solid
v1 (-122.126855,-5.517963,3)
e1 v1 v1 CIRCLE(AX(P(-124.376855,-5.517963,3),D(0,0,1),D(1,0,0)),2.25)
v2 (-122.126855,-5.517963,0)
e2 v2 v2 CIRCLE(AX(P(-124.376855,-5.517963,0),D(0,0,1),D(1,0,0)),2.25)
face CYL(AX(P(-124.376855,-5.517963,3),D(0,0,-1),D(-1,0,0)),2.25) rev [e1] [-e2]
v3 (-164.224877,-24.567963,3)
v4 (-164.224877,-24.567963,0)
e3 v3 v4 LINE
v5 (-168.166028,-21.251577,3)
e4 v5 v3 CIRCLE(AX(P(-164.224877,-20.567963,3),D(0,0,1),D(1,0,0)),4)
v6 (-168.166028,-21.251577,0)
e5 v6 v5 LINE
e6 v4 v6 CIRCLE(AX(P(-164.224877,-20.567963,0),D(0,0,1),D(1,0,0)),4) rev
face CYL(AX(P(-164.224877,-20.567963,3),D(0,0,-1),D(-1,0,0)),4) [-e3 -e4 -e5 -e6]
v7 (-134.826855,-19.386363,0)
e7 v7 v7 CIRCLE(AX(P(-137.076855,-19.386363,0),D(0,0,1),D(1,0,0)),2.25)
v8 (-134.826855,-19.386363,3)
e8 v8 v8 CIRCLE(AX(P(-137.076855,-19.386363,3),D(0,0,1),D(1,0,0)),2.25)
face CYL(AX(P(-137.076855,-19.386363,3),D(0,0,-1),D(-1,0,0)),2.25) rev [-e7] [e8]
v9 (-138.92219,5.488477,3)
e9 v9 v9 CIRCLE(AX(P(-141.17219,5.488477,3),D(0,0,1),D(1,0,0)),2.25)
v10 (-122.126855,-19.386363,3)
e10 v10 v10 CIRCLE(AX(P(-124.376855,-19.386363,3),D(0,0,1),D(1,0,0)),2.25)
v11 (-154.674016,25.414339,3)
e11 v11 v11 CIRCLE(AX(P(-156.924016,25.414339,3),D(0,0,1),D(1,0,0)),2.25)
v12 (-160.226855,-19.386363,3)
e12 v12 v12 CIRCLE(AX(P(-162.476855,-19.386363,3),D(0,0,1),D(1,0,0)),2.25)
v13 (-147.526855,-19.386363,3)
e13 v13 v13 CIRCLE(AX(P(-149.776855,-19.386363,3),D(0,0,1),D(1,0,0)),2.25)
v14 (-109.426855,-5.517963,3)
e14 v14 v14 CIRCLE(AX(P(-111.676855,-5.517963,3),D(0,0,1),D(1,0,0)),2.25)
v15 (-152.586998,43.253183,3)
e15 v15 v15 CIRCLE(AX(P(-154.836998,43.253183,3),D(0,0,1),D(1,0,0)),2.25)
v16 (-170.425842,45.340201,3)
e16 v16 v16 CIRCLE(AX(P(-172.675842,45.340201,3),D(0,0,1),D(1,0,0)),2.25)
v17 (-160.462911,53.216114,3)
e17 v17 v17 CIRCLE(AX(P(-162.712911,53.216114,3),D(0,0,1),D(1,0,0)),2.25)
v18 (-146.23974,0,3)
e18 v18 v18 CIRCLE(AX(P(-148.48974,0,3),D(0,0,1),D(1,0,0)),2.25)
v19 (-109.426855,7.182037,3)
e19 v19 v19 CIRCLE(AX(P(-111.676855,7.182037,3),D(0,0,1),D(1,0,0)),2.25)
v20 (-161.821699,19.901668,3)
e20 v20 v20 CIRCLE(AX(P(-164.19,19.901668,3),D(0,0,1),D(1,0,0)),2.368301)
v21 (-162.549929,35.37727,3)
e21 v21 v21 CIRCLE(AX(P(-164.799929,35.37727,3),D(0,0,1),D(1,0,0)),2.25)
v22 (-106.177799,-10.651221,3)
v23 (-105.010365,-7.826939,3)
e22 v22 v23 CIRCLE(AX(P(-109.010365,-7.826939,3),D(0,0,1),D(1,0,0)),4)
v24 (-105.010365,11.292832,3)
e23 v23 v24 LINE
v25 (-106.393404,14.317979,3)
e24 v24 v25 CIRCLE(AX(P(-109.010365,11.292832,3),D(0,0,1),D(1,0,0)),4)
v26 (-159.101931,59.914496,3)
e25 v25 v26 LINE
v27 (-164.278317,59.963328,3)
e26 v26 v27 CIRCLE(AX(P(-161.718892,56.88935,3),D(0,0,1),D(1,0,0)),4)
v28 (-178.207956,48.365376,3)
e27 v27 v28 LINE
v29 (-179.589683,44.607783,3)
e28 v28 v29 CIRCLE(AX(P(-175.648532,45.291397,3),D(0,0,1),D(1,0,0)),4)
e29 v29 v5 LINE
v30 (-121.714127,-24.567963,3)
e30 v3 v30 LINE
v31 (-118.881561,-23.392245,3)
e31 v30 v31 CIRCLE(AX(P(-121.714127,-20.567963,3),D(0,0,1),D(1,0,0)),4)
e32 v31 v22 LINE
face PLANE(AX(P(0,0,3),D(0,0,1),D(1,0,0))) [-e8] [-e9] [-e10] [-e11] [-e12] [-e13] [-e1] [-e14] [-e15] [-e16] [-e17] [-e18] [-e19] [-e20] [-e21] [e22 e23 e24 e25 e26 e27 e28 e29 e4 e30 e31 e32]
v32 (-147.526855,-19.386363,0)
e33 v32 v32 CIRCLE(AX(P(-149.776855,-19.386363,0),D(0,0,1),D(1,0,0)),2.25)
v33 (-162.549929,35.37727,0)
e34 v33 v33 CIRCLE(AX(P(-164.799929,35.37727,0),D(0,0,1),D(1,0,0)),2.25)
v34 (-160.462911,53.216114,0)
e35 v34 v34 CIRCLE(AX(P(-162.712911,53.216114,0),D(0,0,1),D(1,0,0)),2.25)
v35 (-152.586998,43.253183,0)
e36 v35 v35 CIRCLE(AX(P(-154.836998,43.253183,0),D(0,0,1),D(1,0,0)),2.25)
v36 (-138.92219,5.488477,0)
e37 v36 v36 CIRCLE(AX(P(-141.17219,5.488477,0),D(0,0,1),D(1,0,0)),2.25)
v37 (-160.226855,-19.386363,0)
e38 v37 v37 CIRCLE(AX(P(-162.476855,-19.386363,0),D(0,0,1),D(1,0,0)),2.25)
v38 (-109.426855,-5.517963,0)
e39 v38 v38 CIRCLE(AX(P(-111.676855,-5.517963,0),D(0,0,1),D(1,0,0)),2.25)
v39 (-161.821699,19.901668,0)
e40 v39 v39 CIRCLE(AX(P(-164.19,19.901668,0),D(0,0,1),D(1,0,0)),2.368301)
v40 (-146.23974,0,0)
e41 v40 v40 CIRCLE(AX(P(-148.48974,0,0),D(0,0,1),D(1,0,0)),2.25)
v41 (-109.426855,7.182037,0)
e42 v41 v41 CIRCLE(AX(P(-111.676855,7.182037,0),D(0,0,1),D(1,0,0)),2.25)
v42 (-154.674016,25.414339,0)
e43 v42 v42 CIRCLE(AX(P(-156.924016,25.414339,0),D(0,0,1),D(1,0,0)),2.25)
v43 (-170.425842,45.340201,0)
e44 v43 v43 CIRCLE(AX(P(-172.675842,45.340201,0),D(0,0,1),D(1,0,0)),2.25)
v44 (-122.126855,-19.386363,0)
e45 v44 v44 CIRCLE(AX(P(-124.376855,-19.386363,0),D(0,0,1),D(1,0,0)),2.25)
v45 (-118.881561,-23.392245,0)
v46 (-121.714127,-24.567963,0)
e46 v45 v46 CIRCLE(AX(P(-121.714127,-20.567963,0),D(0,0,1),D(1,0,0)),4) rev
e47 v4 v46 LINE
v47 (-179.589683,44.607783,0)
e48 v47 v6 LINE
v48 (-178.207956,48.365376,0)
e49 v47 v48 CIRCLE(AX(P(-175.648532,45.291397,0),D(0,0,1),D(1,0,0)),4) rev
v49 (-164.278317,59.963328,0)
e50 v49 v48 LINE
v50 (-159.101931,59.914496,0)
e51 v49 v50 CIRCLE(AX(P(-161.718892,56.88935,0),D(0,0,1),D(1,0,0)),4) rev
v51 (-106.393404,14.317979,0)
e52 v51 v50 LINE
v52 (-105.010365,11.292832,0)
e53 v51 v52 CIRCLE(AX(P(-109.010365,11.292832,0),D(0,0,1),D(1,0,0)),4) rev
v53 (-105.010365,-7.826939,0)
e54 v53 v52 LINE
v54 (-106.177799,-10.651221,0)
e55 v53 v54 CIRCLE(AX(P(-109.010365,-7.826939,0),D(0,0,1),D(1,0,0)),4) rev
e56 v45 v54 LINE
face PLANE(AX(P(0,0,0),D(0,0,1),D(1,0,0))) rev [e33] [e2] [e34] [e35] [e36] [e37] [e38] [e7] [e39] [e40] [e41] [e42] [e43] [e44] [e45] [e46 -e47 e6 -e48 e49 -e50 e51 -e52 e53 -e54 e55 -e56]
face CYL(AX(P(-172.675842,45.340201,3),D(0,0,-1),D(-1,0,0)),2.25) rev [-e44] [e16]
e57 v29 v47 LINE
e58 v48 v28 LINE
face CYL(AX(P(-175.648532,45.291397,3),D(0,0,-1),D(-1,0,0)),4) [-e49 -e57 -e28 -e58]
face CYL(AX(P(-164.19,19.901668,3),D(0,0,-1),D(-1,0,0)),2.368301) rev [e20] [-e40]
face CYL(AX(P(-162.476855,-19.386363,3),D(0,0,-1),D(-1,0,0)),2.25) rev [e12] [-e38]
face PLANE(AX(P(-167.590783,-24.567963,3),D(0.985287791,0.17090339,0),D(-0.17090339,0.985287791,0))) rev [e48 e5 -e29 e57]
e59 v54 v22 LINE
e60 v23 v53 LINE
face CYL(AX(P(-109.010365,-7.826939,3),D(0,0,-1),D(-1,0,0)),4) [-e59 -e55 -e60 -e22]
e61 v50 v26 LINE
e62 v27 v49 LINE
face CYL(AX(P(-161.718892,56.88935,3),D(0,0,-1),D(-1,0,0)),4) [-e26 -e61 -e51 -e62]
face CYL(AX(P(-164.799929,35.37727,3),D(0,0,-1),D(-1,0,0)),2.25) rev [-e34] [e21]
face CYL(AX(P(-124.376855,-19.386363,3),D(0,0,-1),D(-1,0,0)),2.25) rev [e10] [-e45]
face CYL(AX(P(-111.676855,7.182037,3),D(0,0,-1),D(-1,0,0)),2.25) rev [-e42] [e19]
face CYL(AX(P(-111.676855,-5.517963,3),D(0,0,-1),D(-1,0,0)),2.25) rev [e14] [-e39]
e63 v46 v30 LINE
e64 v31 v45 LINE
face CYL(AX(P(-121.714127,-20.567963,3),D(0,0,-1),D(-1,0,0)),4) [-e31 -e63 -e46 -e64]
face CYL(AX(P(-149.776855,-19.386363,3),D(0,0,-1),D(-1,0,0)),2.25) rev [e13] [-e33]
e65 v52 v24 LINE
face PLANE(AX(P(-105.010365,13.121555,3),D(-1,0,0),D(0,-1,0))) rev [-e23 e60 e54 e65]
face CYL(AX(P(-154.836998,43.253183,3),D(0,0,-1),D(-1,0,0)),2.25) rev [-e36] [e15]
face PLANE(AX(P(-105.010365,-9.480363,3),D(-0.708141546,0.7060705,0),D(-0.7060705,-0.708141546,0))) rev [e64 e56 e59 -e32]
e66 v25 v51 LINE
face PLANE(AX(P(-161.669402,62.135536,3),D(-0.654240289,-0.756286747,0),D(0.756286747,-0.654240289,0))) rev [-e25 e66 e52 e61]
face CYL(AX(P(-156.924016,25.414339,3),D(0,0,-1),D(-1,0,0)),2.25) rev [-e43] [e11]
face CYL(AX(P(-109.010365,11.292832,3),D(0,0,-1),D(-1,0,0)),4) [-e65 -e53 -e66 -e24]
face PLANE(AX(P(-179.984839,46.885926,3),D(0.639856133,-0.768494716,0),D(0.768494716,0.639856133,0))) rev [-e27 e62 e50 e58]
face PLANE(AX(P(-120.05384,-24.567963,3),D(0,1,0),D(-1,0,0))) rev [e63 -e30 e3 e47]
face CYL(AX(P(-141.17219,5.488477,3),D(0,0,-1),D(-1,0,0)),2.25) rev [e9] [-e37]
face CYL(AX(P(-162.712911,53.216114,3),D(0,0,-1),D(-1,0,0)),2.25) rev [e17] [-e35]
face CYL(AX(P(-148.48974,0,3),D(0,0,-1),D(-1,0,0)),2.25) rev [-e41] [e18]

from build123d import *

# Parameters (mm, degrees)
SKETCH_2_R      = 2.25
SKETCH_2_R_2    = 2.368301068
EXTRUDE_2_DEPTH = 3
FILLET_2_R      = 4


with BuildPart() as part:
    # 草图2 → 凸台-拉伸2 (new body)
    with BuildSketch(Plane.XY):
        Polygon((-167.590783161, -24.567963054), (-179.98483895, 46.885925983), (-161.669401762, 62.135536129), (-105.010365497, 13.121555122), (-105.010365497, -9.480363054), (-120.053839996, -24.567963054), align=None)
        with Locations((-154.836997815, 43.253183089)):
            Circle(SKETCH_2_R, mode=Mode.SUBTRACT)
        with Locations((-164.79992885, 35.377270114)):
            Circle(SKETCH_2_R, mode=Mode.SUBTRACT)
        with Locations((-162.712910791, 53.216114124)):
            Circle(SKETCH_2_R, mode=Mode.SUBTRACT)
        with Locations((-172.675841825, 45.340201148)):
            Circle(SKETCH_2_R, mode=Mode.SUBTRACT)
        with Locations((-111.676854941, 7.182036946)):
            Circle(SKETCH_2_R, mode=Mode.SUBTRACT)
        with Locations((-124.376854941, -5.517963054)):
            Circle(SKETCH_2_R, mode=Mode.SUBTRACT)
        with Locations((-124.376854941, -19.386363054)):
            Circle(SKETCH_2_R, mode=Mode.SUBTRACT)
        with Locations((-137.076854941, -19.386363054)):
            Circle(SKETCH_2_R, mode=Mode.SUBTRACT)
        with Locations((-149.776854941, -19.386363054)):
            Circle(SKETCH_2_R, mode=Mode.SUBTRACT)
        with Locations((-162.476854941, -19.386363054)):
            Circle(SKETCH_2_R, mode=Mode.SUBTRACT)
        with Locations((-141.172189922, 5.48847701)):
            Circle(SKETCH_2_R, mode=Mode.SUBTRACT)
        with Locations((-148.489740206, 0)):
            Circle(SKETCH_2_R, mode=Mode.SUBTRACT)
        with Locations((-156.924015874, 25.414339079)):
            Circle(SKETCH_2_R, mode=Mode.SUBTRACT)
        with Locations((-164.189999825, 19.901668358)):
            Circle(SKETCH_2_R_2, mode=Mode.SUBTRACT)
        with Locations((-111.676854941, -5.517963054)):
            Circle(SKETCH_2_R, mode=Mode.SUBTRACT)
    extrude(amount=EXTRUDE_2_DEPTH)

    # 圆角2
    fillet_2_edges = [part.edges().sort_by_distance(p)[0] for p in [
        (-120.053839996, -24.567963054, 1.5),
        (-167.590783161, -24.567963054, 1.5),
        (-179.98483895, 46.885925983, 1.5),
        (-161.669401762, 62.135536129, 1.5),
        (-105.010365497, 13.121555122, 1.5),
        (-105.010365497, -9.480363054, 1.5),
    ]]
    fillet(fillet_2_edges, radius=FILLET_2_R)


solid = part.part
